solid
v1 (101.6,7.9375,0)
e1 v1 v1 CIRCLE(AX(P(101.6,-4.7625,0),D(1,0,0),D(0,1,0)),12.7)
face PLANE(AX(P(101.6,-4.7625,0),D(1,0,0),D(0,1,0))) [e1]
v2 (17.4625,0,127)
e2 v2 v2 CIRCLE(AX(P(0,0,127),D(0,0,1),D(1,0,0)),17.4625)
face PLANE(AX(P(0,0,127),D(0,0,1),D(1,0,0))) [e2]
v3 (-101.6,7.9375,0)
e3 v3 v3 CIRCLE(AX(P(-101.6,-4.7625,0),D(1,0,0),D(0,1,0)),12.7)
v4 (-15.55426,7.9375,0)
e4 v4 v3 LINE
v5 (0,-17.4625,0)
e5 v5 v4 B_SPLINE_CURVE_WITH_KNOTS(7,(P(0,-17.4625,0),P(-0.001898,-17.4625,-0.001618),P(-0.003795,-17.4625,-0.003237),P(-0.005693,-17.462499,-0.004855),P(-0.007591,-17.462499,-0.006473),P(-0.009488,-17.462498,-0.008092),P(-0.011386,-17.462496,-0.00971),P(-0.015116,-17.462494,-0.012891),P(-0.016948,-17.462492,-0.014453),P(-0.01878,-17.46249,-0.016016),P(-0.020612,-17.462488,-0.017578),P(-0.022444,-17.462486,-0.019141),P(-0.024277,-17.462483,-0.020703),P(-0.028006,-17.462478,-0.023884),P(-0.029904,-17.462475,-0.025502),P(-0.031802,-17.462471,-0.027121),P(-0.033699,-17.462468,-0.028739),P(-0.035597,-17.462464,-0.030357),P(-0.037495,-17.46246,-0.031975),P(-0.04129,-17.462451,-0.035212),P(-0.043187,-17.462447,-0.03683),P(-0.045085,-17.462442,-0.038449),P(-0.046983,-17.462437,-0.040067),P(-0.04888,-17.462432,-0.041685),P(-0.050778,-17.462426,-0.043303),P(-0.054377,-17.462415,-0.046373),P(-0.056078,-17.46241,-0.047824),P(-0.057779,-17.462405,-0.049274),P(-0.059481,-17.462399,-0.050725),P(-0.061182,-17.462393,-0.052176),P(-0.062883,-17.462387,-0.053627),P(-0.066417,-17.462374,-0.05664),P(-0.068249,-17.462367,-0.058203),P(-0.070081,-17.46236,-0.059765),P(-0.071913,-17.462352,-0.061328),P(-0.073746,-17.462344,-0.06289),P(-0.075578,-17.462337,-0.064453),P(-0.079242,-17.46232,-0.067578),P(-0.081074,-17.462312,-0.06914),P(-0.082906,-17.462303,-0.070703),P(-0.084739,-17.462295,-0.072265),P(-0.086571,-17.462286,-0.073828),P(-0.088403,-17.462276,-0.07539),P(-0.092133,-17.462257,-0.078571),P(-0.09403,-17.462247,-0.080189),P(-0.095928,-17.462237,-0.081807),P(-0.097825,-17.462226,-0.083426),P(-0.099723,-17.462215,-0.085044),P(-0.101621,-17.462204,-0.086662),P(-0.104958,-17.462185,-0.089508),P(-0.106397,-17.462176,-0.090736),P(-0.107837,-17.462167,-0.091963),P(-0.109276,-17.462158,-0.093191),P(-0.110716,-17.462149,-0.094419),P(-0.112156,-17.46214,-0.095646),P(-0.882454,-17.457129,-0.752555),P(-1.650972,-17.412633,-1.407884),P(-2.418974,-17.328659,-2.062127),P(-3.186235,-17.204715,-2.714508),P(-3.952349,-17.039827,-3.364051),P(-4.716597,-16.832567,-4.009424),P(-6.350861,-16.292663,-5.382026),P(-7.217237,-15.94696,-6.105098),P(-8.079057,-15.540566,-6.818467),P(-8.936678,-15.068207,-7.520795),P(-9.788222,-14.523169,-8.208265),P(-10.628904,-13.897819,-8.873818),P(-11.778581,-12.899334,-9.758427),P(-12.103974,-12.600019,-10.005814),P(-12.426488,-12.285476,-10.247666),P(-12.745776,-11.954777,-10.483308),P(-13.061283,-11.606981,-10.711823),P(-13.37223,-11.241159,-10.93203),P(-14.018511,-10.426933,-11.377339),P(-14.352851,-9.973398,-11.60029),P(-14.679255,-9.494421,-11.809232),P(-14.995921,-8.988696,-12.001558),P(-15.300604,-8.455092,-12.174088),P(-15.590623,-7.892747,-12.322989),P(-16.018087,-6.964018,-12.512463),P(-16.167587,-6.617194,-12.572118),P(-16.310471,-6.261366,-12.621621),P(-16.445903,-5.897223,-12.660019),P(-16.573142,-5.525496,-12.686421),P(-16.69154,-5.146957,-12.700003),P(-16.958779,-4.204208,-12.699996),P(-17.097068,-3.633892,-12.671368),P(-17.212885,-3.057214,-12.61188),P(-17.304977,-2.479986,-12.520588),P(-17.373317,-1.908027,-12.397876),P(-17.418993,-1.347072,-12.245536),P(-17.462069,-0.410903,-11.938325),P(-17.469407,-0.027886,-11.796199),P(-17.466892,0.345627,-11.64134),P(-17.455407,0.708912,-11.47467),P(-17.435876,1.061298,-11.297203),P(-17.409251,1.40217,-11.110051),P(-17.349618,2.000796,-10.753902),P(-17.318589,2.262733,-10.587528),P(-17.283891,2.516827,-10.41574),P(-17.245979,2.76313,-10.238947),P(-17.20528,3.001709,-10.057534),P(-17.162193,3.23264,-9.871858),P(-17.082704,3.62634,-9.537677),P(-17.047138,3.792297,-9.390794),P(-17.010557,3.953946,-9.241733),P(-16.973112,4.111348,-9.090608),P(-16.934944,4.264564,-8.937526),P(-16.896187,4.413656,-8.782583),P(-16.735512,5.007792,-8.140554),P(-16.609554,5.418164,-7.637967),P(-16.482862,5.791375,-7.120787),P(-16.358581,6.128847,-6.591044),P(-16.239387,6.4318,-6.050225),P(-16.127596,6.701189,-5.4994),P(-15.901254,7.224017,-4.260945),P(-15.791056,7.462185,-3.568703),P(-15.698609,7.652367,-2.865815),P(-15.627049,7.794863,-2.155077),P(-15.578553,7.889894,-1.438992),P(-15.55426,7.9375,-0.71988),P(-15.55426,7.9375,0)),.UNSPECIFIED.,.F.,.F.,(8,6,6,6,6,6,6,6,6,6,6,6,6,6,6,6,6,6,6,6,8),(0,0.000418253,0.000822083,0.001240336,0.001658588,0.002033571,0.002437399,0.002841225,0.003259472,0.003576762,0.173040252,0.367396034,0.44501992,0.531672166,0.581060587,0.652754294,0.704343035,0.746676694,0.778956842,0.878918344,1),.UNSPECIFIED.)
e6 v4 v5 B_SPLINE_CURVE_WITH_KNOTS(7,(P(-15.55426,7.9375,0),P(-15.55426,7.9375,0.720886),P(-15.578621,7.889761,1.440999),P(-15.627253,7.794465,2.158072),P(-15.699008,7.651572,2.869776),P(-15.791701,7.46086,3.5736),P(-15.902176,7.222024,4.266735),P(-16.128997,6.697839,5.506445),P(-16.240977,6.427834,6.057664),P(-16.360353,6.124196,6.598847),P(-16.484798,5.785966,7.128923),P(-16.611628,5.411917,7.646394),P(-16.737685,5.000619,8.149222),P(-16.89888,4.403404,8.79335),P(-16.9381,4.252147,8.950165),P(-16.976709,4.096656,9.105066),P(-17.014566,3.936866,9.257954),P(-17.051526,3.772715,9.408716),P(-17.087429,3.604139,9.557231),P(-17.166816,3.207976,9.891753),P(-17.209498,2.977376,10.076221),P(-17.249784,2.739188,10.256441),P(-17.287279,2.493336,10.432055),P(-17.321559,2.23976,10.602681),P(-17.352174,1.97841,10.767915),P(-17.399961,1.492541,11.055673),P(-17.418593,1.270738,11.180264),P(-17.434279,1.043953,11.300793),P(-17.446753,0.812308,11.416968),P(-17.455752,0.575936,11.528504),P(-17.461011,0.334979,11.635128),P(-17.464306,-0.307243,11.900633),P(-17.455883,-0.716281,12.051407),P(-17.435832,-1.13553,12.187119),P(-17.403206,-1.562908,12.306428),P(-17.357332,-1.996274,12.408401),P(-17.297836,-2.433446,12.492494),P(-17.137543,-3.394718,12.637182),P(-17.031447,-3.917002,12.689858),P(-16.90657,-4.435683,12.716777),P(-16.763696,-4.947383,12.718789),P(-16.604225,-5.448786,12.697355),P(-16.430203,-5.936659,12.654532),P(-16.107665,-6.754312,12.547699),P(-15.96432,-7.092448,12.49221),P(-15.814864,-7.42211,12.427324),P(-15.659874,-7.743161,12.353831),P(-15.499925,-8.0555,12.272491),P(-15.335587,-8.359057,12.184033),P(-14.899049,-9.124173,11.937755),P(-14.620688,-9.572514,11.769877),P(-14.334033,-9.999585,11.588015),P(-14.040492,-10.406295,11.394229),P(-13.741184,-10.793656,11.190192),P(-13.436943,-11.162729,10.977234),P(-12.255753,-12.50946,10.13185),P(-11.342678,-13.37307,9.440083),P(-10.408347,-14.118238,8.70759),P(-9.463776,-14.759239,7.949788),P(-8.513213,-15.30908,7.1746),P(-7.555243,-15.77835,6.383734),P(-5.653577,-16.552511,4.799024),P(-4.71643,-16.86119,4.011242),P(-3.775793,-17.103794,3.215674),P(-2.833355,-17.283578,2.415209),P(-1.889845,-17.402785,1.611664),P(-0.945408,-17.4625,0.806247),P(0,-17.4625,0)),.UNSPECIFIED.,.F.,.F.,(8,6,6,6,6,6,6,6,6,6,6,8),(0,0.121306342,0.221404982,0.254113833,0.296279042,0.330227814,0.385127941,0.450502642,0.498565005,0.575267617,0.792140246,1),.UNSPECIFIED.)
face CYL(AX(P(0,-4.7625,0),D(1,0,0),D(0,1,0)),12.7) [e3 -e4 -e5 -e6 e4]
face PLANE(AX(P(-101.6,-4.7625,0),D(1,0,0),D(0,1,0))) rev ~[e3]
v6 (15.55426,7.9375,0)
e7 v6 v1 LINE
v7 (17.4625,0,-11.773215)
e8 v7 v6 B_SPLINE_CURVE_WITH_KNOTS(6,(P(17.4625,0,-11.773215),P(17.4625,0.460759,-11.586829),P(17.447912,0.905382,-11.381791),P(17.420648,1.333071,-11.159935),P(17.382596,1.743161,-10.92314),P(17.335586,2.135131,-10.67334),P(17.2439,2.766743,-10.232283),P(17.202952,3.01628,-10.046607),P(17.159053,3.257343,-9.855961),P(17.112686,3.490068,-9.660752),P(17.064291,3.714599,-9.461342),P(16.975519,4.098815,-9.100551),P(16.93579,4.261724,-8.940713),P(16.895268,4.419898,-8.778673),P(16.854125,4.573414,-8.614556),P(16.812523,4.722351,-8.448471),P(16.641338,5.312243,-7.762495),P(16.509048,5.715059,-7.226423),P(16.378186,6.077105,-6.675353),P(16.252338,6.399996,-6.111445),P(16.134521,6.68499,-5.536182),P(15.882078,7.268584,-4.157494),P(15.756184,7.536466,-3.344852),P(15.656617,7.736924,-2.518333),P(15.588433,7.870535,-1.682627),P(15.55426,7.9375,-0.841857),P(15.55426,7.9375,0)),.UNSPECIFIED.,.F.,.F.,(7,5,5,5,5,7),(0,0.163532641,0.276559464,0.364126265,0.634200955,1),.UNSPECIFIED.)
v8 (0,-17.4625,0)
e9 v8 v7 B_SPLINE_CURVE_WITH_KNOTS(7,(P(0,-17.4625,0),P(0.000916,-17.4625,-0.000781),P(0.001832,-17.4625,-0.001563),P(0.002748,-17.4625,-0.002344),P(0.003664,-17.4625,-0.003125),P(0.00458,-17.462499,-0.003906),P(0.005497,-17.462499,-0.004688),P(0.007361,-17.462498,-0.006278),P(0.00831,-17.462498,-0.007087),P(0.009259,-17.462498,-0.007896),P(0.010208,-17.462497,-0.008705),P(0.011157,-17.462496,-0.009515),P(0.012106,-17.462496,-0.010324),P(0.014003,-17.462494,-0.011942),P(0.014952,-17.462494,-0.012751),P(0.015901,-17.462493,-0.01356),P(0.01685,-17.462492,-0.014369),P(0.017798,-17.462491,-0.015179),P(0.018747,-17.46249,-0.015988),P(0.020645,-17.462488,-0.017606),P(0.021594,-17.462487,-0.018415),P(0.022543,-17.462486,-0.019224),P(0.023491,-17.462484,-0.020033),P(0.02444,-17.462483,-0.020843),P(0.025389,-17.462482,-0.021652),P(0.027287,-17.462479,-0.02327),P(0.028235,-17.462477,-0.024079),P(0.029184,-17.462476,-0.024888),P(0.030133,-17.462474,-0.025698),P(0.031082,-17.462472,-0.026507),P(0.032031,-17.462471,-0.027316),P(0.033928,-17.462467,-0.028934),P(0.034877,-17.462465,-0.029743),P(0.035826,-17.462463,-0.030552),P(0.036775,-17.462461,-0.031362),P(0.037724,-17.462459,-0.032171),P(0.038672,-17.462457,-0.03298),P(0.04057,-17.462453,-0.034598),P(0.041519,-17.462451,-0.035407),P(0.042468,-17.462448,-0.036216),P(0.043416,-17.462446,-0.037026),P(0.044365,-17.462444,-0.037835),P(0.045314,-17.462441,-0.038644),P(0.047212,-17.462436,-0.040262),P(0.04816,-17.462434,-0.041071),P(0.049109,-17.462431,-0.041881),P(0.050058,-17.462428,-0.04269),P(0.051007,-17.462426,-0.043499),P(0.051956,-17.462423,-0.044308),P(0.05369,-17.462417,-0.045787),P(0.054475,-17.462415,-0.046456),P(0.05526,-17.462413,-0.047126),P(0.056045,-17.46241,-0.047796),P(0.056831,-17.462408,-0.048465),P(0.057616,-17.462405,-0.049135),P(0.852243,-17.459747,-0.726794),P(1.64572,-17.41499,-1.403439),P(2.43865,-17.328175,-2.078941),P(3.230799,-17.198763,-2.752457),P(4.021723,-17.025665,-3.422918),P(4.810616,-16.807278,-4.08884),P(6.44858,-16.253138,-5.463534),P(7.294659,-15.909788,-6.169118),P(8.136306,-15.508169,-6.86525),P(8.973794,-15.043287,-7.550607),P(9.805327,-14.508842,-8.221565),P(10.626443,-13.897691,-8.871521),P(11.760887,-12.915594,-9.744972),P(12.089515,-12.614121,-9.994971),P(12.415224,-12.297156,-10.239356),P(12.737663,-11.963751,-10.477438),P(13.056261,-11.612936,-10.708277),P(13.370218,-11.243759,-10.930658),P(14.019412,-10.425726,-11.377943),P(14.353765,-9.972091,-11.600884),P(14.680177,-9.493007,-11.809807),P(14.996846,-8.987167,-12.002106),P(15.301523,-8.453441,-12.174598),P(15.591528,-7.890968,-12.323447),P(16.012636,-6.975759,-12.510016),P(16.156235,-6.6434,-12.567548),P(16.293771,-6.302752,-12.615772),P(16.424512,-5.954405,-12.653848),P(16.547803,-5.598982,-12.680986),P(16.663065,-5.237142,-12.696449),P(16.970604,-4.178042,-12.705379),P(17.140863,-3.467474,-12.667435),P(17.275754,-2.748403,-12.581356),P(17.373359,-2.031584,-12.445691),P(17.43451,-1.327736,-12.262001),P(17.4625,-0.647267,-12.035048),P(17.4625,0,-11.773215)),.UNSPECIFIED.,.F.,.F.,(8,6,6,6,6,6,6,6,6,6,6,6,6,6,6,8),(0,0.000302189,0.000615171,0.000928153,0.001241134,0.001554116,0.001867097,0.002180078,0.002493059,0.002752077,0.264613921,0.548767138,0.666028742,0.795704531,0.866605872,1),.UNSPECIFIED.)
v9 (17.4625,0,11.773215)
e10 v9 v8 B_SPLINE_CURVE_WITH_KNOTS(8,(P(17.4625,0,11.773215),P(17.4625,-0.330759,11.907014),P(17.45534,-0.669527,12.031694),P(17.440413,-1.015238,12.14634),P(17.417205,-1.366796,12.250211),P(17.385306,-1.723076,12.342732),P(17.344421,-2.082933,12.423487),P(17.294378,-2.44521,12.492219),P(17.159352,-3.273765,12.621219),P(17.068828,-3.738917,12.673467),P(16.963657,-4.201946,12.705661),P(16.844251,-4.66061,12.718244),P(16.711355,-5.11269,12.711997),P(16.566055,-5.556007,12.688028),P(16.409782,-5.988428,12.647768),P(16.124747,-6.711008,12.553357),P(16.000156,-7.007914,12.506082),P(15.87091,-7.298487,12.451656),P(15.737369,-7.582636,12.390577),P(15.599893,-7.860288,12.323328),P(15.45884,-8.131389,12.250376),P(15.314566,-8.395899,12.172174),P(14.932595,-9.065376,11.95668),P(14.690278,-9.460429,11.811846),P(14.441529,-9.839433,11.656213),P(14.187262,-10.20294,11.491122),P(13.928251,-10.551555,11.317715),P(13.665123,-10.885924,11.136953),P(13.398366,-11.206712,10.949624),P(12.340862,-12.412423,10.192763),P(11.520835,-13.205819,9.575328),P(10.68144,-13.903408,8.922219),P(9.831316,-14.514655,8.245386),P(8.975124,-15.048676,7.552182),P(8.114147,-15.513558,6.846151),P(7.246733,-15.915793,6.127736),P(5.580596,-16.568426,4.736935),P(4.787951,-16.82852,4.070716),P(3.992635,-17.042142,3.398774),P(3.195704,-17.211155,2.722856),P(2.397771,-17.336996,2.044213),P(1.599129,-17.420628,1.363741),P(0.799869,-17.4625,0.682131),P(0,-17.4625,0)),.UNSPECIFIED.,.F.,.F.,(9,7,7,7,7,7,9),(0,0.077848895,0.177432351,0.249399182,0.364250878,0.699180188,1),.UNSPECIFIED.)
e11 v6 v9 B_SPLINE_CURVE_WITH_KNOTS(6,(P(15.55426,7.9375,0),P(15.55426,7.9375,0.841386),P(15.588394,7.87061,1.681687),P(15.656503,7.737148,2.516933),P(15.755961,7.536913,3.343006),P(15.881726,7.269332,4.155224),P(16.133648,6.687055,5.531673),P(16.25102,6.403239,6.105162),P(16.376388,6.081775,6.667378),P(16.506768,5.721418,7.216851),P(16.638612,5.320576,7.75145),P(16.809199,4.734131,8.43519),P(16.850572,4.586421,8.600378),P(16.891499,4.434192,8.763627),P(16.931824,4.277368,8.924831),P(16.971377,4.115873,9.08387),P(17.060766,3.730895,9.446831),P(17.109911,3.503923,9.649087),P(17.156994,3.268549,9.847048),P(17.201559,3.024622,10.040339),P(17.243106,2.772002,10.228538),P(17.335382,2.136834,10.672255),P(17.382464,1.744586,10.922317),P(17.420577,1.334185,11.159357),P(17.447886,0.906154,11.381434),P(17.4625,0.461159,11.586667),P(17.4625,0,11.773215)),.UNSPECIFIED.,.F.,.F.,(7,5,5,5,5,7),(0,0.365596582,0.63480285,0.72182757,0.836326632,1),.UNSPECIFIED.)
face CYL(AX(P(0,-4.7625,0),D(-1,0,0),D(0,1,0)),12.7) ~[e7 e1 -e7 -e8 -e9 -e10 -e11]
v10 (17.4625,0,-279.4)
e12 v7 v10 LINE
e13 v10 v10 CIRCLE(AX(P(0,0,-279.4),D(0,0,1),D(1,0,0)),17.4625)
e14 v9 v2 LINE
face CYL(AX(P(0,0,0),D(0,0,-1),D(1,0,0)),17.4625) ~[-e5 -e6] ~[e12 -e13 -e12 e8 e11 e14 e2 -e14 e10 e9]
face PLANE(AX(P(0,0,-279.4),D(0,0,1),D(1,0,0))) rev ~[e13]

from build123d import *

# Parameters (mm, degrees)
F0_R      = 17.4625
F1_DEPTH  = 279.4
F1_FACE_R = 17.4625
F2_DEPTH  = 127
F3_R      = 12.7
F4_DEPTH  = 101.6
F5_DEPTH  = 101.6


with BuildPart() as f1:
    # F0 (on Top) → F1 (new body)
    with BuildSketch(Plane.XY):
        Circle(F0_R)
    extrude(amount=-F1_DEPTH)

    # F1_face (on face) → F2 (join)
    with BuildSketch(Plane.XY):
        Circle(F1_FACE_R)
    extrude(amount=F2_DEPTH)

    # F3 (on Right) → F4 (join)
    with BuildSketch(Plane.YZ):
        with Locations((-4.7625, 0)):
            Circle(F3_R)
    extrude(amount=F4_DEPTH)

    # F3 (on Right) → F5 (join)
    with BuildSketch(Plane.YZ):
        with Locations((-4.7625, 0)):
            Circle(F3_R)
    extrude(amount=-F5_DEPTH)


solid = f1.part
